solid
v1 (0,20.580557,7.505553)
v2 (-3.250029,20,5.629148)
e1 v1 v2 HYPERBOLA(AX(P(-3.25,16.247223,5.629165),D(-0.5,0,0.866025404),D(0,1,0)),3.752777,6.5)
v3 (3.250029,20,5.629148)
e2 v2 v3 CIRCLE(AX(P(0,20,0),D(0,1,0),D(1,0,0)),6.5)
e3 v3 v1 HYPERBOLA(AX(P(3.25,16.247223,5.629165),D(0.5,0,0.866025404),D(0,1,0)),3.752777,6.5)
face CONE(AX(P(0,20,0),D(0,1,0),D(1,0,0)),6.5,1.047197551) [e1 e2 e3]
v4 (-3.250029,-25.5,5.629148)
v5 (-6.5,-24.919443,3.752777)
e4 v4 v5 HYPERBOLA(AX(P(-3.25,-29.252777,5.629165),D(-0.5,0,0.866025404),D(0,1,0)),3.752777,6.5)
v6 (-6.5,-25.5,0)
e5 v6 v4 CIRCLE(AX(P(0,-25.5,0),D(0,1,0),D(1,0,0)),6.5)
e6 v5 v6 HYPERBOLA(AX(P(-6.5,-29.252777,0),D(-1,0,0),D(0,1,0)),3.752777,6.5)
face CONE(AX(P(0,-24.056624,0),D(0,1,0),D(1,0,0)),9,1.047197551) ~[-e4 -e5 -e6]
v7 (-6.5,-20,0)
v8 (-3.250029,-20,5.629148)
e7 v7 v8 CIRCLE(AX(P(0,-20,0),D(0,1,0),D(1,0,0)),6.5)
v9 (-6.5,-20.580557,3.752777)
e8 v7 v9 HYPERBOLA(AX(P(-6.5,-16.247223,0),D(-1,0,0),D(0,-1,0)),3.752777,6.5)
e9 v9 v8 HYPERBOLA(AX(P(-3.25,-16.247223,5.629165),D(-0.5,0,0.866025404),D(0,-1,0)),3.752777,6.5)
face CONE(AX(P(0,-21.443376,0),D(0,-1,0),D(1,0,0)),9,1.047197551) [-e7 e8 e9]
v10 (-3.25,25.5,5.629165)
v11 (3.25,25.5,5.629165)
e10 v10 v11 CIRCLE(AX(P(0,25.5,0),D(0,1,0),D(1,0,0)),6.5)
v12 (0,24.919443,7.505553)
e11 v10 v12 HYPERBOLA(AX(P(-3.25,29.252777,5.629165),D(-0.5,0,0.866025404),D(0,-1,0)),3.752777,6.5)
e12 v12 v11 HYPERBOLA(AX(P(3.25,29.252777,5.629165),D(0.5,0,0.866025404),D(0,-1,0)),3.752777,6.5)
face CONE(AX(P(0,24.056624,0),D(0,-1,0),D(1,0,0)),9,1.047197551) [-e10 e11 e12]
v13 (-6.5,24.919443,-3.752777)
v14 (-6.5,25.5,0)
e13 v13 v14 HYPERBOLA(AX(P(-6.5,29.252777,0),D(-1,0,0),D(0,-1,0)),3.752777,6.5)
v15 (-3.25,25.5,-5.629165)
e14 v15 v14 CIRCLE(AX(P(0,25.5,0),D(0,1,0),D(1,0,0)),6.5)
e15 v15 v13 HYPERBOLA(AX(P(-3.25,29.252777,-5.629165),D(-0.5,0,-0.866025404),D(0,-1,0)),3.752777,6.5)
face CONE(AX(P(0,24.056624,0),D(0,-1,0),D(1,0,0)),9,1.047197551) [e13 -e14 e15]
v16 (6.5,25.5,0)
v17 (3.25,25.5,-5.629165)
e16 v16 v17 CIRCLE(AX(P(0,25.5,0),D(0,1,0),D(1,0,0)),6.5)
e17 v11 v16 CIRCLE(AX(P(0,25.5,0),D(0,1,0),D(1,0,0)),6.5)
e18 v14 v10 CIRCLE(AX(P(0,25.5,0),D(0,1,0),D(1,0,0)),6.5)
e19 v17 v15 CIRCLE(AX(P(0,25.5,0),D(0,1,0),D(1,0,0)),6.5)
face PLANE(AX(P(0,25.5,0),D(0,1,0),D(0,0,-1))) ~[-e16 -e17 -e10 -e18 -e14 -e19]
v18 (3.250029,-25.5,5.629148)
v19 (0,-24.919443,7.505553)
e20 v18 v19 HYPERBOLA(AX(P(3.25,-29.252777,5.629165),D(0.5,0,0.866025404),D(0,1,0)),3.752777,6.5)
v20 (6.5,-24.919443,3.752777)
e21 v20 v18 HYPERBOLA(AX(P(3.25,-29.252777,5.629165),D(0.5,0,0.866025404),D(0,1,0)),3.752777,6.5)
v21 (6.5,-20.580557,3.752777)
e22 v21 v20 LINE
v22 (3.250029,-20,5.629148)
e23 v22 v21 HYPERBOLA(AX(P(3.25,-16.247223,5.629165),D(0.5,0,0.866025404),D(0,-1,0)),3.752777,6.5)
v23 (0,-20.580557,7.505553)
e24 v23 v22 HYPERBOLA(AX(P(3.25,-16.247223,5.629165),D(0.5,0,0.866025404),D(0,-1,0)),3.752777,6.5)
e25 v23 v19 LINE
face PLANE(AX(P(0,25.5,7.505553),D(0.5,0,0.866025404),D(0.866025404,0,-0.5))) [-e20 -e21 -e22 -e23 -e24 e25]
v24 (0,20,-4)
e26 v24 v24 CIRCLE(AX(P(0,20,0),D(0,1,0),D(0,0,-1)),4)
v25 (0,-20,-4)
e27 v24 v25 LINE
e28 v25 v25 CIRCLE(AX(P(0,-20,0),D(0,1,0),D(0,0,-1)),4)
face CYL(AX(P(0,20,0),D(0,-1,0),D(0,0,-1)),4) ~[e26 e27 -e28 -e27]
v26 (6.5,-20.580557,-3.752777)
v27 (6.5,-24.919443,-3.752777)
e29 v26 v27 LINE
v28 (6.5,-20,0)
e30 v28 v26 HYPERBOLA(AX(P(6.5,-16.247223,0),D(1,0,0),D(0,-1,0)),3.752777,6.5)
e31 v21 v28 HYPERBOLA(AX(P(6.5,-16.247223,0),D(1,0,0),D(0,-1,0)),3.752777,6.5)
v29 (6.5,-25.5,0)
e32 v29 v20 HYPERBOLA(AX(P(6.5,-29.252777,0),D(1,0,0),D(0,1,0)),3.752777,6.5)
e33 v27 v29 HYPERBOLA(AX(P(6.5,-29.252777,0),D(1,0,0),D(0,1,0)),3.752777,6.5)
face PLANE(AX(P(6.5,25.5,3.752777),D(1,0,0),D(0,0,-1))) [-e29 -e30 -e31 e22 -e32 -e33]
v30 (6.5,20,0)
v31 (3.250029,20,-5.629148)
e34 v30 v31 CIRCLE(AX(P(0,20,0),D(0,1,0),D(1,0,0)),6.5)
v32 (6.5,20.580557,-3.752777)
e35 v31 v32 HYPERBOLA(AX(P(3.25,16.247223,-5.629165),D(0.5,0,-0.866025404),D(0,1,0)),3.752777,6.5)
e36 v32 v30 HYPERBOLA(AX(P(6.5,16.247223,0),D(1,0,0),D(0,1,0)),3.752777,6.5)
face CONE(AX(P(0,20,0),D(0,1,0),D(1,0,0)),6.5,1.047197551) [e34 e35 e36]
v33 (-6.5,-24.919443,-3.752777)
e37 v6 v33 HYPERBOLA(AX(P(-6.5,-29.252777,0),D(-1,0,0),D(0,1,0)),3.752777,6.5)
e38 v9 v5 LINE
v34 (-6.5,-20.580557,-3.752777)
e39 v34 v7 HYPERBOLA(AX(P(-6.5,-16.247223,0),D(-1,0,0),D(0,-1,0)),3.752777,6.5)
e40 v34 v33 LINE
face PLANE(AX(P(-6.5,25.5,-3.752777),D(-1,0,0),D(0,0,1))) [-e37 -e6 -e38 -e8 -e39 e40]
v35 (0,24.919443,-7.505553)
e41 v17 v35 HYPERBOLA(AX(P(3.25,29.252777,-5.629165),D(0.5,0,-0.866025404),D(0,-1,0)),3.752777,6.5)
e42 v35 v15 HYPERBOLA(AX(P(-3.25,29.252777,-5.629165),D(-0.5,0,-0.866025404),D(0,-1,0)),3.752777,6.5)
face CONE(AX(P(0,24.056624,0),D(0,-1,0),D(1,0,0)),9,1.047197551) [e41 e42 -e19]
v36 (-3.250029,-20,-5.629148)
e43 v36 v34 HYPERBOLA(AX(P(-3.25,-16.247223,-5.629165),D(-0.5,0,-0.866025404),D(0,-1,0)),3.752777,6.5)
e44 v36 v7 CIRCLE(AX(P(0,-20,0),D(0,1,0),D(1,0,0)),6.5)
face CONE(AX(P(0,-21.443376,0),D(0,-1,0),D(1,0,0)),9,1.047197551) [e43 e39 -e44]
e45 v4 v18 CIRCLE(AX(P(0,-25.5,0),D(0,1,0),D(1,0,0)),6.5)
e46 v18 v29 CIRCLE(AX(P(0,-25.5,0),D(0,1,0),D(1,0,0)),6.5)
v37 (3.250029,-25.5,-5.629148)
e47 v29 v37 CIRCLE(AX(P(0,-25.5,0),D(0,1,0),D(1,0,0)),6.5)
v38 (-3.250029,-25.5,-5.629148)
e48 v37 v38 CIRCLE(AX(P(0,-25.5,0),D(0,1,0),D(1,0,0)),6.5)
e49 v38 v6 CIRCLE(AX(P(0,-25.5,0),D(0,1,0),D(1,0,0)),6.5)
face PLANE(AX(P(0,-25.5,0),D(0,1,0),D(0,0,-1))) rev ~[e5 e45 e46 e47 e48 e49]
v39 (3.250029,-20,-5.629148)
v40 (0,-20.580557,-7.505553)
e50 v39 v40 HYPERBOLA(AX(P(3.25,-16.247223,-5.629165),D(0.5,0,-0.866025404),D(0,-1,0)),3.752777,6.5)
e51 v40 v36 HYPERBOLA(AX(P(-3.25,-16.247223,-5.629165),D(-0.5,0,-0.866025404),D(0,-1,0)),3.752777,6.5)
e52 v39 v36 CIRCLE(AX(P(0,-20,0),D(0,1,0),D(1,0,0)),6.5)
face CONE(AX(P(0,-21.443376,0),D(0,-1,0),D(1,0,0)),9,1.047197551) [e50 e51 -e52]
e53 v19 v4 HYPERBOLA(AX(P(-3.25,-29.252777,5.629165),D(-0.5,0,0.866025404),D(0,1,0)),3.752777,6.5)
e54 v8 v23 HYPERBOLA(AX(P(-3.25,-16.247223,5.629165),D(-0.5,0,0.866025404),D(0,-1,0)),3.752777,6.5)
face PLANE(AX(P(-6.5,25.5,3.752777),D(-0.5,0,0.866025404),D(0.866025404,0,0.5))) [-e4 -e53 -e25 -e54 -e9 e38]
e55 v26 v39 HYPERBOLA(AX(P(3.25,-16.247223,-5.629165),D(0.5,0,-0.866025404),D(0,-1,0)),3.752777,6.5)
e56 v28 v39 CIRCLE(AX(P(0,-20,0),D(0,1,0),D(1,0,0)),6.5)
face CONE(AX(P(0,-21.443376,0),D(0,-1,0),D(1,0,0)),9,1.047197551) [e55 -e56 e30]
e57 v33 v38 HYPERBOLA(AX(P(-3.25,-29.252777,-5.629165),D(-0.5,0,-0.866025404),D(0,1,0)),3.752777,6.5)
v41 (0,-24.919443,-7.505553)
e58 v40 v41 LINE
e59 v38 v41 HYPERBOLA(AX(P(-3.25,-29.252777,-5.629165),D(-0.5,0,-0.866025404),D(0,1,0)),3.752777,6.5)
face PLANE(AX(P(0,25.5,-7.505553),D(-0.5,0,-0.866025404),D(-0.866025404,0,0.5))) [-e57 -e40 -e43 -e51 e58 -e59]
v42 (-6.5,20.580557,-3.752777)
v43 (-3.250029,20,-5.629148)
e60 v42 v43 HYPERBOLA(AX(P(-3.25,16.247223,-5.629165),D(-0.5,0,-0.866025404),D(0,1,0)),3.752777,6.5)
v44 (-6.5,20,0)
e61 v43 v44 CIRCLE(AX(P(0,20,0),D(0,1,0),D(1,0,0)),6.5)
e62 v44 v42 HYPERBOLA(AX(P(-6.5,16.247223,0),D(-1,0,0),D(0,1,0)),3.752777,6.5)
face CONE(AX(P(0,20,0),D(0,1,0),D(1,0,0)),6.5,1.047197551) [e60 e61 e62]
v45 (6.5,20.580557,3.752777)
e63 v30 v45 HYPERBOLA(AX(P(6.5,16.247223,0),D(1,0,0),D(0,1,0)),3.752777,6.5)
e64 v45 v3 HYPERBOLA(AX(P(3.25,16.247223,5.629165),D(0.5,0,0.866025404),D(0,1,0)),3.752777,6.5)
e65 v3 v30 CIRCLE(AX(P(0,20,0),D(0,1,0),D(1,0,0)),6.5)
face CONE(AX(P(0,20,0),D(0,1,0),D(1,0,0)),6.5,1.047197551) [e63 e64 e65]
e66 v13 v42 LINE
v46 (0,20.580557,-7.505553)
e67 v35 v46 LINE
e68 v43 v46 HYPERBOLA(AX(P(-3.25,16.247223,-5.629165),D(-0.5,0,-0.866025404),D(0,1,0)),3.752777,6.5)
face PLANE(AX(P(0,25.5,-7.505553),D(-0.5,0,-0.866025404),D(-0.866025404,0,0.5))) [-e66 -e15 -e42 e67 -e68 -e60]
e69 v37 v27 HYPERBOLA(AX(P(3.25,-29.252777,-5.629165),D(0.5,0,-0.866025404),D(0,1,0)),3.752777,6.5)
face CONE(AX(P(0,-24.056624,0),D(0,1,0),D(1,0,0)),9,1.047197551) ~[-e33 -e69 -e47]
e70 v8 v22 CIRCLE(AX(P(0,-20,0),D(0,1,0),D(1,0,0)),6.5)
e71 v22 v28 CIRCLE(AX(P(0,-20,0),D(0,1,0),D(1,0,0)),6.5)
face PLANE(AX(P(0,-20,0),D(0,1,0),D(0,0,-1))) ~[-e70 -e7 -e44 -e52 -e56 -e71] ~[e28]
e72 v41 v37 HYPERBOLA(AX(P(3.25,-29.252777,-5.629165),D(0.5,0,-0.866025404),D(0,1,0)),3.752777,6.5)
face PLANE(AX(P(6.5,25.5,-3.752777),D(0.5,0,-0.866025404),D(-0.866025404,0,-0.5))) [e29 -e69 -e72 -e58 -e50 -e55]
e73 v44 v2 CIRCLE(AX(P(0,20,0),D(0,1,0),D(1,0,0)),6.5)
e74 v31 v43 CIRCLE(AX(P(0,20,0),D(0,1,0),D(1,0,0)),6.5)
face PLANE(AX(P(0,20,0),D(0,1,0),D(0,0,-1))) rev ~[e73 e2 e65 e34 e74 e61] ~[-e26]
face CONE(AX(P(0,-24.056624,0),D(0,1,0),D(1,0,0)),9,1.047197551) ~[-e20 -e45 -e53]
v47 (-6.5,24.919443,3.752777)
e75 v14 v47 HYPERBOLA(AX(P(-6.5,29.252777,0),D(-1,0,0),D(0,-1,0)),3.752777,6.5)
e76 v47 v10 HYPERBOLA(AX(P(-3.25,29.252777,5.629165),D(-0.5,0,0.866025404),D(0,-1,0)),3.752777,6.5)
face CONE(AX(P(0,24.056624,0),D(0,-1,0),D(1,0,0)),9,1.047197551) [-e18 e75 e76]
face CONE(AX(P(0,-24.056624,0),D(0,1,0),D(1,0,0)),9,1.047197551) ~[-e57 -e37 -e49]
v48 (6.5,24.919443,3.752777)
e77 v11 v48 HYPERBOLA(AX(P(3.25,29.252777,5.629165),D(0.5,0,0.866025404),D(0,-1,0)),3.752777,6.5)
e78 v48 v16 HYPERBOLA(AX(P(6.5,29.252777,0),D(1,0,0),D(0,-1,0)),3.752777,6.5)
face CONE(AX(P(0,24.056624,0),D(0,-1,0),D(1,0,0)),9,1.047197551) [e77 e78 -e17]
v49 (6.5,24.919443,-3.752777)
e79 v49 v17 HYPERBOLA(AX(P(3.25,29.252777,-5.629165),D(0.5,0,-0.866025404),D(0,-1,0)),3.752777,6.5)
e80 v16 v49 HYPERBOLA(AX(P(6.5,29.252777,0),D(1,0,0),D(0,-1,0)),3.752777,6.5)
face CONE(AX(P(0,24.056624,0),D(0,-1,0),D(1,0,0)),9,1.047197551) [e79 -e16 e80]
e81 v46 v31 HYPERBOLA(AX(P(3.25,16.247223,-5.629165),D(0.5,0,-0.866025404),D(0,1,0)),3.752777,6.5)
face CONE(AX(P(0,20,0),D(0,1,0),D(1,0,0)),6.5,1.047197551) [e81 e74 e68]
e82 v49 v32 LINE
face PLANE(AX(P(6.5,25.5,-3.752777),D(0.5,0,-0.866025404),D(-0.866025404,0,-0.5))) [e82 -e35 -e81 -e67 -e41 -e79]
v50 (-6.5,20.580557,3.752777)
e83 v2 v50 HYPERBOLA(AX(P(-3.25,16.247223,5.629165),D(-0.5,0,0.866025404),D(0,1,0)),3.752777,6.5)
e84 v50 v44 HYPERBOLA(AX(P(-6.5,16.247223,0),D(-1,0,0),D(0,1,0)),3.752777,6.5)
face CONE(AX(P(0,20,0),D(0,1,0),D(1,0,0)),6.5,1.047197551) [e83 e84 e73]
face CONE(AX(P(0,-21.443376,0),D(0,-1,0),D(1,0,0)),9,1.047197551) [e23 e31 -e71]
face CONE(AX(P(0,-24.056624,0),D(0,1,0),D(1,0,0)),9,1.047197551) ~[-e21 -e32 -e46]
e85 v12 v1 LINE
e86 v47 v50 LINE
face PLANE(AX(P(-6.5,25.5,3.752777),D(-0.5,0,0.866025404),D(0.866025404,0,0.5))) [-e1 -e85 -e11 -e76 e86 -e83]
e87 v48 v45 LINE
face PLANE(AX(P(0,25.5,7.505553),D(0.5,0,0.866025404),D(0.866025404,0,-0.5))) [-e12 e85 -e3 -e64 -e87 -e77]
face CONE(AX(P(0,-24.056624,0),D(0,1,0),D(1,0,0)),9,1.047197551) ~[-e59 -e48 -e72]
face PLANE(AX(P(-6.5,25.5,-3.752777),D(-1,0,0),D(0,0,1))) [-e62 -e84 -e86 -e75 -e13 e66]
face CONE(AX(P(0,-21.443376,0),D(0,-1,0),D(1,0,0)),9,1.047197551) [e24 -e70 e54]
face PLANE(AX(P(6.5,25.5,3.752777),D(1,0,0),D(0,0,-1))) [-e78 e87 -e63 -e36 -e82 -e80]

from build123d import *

# Parameters (mm, degrees)
SKETCH_2_R          = 12.5
CUT_EXTRUDE_1_DEPTH = 53.92447449


with BuildPart() as part:
    # 草图1 → 旋转1 (revolve)
    with BuildSketch(Plane.XY, mode=Mode.PRIVATE) as revolve_1_sk:
        Polygon((0, 25.5), (10, 25.5), (10, 20), (4, 20), (4, -20), (10, -20), (10, -25.5), (0, -25.5), align=None)
    revolve(revolve_1_sk.sketch.rotate(Axis((0, 0, 0), (0, 1, 0)), 90), axis=Axis((0, 0, 0), (0, 1, 0)))

    # 草图2 → 切除-拉伸1 (cut, through all)
    with BuildSketch(Plane(origin=(0, 25.5, 0), x_dir=(1, 0, 0), z_dir=(0, 1, 0))):
        Circle(SKETCH_2_R)
        Polygon((0, 7.505553499), (-6.5, 3.75277675), (-6.5, -3.75277675), (0, -7.505553499), (6.5, -3.75277675), (6.5, 3.75277675), align=None, mode=Mode.SUBTRACT)
    extrude(amount=-CUT_EXTRUDE_1_DEPTH, mode=Mode.SUBTRACT)

    # 草图3 → 切除-旋转1 (revolve, cut)
    with BuildSketch(Plane.XY):
        Polygon((6.5, 25.5), (9, 25.5), (9, 24.056624327), align=None)
        Polygon((9, 21.443375673), (9, 20), (6.5, 20), align=None)
        Polygon((6.5, -20), (9, -20), (9, -21.443375673), align=None)
        Polygon((6.5, -25.5), (9, -25.5), (9, -24.056624327), align=None)
    revolve(axis=Axis((0, 0, 0), (0, 1, 0)), mode=Mode.SUBTRACT)


solid = part.part
